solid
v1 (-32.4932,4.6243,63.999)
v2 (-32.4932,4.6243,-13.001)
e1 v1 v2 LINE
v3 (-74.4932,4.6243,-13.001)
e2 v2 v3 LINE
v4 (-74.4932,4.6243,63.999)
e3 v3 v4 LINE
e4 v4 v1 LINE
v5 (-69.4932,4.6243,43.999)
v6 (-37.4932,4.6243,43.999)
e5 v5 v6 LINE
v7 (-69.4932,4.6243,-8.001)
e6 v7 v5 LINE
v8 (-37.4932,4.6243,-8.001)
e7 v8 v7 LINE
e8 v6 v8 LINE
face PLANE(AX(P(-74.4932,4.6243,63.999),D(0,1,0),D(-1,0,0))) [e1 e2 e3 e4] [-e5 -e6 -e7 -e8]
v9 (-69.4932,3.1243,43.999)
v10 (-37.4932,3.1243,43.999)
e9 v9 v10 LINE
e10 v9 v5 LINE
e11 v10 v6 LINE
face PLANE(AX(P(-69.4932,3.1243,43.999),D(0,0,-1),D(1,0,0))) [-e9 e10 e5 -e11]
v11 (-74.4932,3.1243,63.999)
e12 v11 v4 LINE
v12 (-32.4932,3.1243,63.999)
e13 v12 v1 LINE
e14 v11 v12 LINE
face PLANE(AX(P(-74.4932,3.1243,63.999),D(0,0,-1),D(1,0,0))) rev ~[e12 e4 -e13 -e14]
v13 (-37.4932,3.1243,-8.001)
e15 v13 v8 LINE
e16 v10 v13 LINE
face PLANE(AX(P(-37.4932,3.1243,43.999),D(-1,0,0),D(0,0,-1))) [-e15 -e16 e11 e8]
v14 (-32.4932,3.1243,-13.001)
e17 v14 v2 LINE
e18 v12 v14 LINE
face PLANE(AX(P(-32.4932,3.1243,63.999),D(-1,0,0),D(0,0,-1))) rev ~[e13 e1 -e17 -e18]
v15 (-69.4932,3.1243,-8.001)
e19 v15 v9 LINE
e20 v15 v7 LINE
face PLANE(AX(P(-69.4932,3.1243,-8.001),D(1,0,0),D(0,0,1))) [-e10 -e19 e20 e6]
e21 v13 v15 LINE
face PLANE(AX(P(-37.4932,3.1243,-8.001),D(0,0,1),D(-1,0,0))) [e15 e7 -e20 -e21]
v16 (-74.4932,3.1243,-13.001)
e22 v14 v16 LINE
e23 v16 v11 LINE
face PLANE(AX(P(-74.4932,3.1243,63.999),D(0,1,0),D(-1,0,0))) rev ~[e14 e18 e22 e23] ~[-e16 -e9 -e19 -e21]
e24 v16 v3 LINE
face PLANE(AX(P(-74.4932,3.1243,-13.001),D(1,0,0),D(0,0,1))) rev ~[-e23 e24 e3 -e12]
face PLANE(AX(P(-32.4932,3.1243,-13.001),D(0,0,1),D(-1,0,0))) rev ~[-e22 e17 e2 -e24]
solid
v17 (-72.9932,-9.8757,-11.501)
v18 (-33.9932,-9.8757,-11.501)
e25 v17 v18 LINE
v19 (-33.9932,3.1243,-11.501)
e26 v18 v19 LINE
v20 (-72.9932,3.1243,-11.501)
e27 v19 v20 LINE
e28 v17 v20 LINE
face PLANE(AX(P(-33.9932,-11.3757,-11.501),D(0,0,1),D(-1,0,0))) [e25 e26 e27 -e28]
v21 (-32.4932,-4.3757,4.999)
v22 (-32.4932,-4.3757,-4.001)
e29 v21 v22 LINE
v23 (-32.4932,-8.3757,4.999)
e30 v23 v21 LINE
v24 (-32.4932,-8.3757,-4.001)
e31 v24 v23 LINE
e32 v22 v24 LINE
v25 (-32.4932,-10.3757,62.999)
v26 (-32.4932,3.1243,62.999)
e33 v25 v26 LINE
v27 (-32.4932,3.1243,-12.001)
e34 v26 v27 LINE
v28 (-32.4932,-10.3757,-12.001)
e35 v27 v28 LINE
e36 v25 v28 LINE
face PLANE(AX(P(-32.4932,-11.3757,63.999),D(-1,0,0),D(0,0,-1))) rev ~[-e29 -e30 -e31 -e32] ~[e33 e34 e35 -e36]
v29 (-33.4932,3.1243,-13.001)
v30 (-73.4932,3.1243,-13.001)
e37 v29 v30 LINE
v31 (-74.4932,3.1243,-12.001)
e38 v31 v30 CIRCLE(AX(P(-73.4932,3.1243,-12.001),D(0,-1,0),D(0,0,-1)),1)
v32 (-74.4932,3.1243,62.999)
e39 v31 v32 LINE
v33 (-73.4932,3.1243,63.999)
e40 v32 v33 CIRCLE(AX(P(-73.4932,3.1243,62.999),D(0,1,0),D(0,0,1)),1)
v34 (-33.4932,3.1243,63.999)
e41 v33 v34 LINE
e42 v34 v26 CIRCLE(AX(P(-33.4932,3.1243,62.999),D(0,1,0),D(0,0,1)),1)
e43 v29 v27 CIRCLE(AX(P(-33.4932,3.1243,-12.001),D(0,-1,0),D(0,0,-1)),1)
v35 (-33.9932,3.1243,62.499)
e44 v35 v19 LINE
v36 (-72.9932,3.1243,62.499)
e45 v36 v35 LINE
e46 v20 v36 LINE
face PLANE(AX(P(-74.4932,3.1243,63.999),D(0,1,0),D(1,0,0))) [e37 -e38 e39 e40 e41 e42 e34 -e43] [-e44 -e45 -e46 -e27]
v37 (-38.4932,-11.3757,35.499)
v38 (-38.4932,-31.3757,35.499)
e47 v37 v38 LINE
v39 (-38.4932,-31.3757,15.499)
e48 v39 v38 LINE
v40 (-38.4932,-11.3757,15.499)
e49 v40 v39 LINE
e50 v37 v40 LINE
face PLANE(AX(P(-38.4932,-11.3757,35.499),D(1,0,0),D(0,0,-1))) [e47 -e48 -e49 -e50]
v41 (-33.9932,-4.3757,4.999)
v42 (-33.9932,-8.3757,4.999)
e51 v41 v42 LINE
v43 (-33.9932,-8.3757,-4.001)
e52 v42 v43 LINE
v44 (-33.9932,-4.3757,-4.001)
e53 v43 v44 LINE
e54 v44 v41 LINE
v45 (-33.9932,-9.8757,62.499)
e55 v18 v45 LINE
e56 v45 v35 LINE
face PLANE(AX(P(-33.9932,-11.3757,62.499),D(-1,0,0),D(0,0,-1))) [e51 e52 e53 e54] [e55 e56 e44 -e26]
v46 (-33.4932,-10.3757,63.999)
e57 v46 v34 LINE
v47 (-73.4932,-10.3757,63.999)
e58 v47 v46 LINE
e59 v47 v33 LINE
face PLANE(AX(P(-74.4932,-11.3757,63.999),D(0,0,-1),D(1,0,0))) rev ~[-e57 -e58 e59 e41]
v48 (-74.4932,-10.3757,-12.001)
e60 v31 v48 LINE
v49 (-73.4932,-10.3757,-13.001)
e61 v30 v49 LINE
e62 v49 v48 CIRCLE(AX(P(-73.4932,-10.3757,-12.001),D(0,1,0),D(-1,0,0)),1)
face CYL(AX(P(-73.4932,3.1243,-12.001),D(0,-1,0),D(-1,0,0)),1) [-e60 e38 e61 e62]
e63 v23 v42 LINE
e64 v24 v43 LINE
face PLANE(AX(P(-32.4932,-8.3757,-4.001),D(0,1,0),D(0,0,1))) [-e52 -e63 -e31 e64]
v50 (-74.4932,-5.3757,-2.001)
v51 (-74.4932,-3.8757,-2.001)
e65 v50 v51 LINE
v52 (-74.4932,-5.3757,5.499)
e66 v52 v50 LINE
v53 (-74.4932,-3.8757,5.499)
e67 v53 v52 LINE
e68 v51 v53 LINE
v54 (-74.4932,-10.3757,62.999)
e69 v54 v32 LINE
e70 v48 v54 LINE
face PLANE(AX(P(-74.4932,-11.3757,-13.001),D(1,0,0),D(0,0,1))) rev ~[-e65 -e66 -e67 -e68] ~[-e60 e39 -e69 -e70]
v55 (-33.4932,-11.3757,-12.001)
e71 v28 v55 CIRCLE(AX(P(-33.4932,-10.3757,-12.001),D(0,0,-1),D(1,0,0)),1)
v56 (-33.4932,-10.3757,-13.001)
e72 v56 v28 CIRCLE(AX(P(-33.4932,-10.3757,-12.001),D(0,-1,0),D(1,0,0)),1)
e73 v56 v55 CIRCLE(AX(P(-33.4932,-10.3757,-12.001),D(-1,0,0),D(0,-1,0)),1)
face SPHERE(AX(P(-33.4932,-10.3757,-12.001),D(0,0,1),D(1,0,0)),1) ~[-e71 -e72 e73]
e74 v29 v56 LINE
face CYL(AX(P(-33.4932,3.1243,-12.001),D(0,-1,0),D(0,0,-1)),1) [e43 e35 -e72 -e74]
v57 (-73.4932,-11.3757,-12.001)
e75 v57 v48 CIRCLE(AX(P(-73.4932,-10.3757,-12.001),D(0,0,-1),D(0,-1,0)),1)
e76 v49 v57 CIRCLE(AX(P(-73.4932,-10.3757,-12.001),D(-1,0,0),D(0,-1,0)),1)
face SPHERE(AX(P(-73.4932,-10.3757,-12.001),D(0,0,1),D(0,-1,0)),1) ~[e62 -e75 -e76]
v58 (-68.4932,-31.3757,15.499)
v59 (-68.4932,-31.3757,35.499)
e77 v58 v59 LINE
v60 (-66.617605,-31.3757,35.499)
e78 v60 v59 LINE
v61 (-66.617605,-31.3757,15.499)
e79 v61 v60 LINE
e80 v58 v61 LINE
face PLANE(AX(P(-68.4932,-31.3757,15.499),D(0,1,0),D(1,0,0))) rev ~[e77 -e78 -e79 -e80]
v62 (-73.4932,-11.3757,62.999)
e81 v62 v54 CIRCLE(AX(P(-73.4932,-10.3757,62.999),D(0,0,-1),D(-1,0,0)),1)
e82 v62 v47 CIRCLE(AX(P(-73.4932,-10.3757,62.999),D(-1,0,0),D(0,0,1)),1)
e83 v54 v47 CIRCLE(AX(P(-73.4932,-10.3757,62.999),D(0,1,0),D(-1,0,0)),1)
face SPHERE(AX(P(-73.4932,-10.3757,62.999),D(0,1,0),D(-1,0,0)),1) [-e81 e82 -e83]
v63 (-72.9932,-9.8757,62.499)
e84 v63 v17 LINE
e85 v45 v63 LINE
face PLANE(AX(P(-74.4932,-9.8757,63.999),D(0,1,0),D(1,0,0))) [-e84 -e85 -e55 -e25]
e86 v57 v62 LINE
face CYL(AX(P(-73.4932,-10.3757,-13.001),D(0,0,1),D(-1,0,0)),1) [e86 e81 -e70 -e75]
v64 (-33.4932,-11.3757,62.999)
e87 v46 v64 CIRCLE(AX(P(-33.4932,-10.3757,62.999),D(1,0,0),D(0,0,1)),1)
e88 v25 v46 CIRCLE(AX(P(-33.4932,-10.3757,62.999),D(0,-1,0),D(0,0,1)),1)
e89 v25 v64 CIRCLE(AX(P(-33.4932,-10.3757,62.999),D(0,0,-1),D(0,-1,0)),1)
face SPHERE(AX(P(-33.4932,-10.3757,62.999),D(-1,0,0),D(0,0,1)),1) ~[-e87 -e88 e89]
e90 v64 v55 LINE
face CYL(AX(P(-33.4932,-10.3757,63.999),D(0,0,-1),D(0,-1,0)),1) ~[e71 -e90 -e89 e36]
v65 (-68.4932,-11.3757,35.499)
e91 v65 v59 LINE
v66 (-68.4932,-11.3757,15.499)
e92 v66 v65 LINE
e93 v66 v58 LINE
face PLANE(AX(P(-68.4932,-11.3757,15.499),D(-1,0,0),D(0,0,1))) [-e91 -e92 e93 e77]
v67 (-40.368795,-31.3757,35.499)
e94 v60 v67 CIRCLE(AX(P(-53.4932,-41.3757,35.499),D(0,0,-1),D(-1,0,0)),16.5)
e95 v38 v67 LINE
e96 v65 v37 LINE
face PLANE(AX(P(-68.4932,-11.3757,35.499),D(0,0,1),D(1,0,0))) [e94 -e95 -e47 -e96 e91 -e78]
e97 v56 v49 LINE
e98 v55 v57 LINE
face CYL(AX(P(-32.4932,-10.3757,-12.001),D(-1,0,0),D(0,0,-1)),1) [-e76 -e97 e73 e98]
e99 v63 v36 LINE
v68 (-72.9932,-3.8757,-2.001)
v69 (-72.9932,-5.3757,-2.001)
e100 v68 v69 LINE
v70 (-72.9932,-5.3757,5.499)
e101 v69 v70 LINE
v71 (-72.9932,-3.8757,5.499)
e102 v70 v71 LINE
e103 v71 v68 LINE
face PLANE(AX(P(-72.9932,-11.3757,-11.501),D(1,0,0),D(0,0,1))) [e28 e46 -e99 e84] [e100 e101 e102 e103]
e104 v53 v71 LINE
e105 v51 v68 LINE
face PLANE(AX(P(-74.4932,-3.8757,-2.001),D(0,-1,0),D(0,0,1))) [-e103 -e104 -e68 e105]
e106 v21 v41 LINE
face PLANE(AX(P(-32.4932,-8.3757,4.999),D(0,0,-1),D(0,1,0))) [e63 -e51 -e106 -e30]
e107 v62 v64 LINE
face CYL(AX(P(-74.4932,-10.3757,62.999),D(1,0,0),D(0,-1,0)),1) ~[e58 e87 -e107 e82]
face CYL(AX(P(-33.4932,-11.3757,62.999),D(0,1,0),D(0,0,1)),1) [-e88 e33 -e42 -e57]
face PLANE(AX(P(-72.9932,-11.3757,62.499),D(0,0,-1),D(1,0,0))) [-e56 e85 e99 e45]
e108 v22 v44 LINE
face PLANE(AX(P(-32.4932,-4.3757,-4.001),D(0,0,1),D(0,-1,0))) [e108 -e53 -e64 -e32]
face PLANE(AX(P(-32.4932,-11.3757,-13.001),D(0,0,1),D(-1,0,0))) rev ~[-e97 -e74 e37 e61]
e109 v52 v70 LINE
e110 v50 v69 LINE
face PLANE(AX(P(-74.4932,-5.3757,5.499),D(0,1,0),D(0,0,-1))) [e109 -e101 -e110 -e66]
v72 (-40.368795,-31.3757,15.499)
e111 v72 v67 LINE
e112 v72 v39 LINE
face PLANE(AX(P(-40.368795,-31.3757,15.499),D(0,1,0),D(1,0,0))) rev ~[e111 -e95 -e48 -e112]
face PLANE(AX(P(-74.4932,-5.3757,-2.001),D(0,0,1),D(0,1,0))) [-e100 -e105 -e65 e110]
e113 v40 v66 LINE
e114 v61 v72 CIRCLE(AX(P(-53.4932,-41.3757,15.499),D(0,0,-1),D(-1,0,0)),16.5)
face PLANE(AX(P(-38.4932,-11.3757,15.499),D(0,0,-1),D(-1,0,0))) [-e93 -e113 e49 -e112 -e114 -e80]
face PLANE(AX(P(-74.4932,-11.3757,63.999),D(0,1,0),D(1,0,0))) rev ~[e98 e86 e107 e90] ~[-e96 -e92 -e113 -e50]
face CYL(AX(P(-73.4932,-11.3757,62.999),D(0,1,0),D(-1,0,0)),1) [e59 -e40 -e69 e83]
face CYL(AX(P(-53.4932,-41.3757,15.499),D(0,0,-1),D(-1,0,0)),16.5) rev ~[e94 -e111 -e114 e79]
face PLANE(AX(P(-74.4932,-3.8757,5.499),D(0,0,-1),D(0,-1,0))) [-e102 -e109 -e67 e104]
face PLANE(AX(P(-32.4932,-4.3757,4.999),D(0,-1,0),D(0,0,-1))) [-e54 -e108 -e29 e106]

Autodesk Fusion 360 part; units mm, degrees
sketch "草图1" plane through (0, 0, 0) normal (0, 1, 0) x (1, 0, 0)
  line L0 (0, 0) -> (42, 0)
  line L1 (42, 0) -> (42, 77)
  line L2 (42, 77) -> (0, 77)
  line L3 (0, 77) -> (0, 0)
  line L4 (1.5, 1.5) -> (40.5, 1.5)
  line L5 (40.5, 1.5) -> (40.5, 75.5)
  line L6 (40.5, 75.5) -> (1.5, 75.5)
  line L7 (1.5, 75.5) -> (1.5, 1.5)
  line L8 (6, 28.5) -> (36, 28.5)
  line L9 (36, 28.5) -> (36, 48.5)
  line L10 (36, 48.5) -> (6, 48.5)
  line L11 (6, 48.5) -> (6, 28.5)
  dimension "d1" = 42
  dimension "d2" = 77
  dimension "d3" = -1.5
  dimension "d12" = 30
  dimension "d13" = 20
  dimension "d14" = 6
  dimension "d15" = 28.5
extrude "拉伸1" add sketch "草图1" along normal blind 1.5 contours L0 L1 L2 L3 | L4 L5 L6 L7 | L8 L9 L10 L11 makes body 1
extrude "拉伸2" add sketch "草图1" along normal blind 14.5 contours L0 L1 L2 L3 bodies 1
sketch "草图2" plane through (0, 14.5, 0) normal (0, 1, 0) x (-1, 0, 0)
  line L0 (-1.5, -1.5) -> (-1.5, -75.5)
  line L1 (-1.5, -75.5) -> (-40.5, -75.5)
  line L2 (-40.5, -75.5) -> (-40.5, -1.5)
  line L3 (-40.5, -1.5) -> (-1.5, -1.5)
  line L4 (0, -77) -> (0, 0)
  line L5 (0, 0) -> (-42, 0)
  line L6 (-42, 0) -> (-42, -77)
  line L7 (-42, -77) -> (0, -77)
  line L8 (0, 0) -> (-42, 0)
  line L9 (-42, 0) -> (-42, -77)
  line L10 (-42, -77) -> (0, -77)
  line L11 (0, -77) -> (0, 0)
  line L12 (-37, -20) -> (-37, -72)
  line L13 (-37, -72) -> (-5, -72)
  line L14 (-5, -72) -> (-5, -20)
  line L15 (-5, -20) -> (-37, -20)
extrude "拉伸3" add sketch "草图2" along normal blind 1.5 separate body contours L0 L1 L2 L3 | L4 L5 L6 L7 L8 L9 L10 L11 makes body 2
copy_body "实体->零部件1" bodies 2 removing the originals makes body 3 in component "Component'"
extrude "拉伸4" add sketch "草图1" against normal blind 30 contours L8 L9 L10 L11 bodies 1
sketch "草图3" plane through (0, 0, -48.5) normal (0, 0, -1) x (-1, 0, 0)
  line L0 (-6, 0) -> (-36, 0)
  line L1 (-36, 0) -> (-36, -30)
  line L2 (-36, -30) -> (-6, -30)
  line L3 (-6, -30) -> (-6, 0)
  circle A0 centre (-21, -30) radius 16.5
  line L4 (-6, -20) -> (-36, -20)
  line L5 (-42, 0) -> (0, 0)
  dimension "d18" = 33
  dimension "d19" = 20
extrude "拉伸5" cut sketch "草图3" against normal blind 40 contours L3 A0 L4 | L1 A0 L4 | L1 L2 L3 A0 L4 | A0 L4 bodies 1
sketch "草图4" plane through (42, 0, 0) normal (1, 0, 0) x (0, 0, -1)
  line L0 (0, 0) -> (77, 0)
  line L1 (77, 0) -> (77, 14.5)
  line L2 (77, 14.5) -> (0, 14.5)
  line L3 (0, 14.5) -> (0, 0)
  line L4 (68, 3) -> (59, 3)
  line L5 (59, 3) -> (59, 7)
  line L6 (59, 7) -> (68, 7)
  line L7 (68, 7) -> (68, 3)
  line L8 (0, 0) -> (77, 0)
  dimension "d22" = 9
  dimension "d23" = 4
  dimension "d24" = 3
  dimension "d25" = 9
extrude "拉伸6" cut sketch "草图4" against normal blind 10 contours L4 L5 L6 L7 bodies 1
sketch "草图5" plane through (0, 0, 0) normal (-1, 0, 0) x (0, 0, 1)
  line L0 (-77, 0) -> (0, 0)
  line L1 (0, 0) -> (0, 14.5)
  line L2 (0, 14.5) -> (-77, 14.5)
  line L3 (-77, 14.5) -> (-77, 0)
  line L4 (-58.5, 6) -> (-66, 6)
  line L5 (-66, 6) -> (-66, 7.5)
  line L6 (-66, 7.5) -> (-58.5, 7.5)
  line L7 (-58.5, 7.5) -> (-58.5, 6)
  line L8 (-77, 0) -> (0, 0)
  dimension "d28" = 7.5
  dimension "d29" = 1.5
  dimension "d30" = 11
  dimension "d31" = 6
extrude "拉伸7" cut sketch "草图5" against normal blind 4 contours L4 L5 L6 L7 bodies 1
fillet "圆角1" radius 1 8 edges at (0, 7.25, 0) (0, 0, -38.5) (21, 0, 0) (42, 7.25, 0) (42, 0, -38.5) (42, 7.25, -77) (21, 0, -77) (0, 7.25, -77) on bodies 1
copy_body "实体->零部件2" bodies 1 removing the originals makes body 4 in component "Component''"
component "Component'" placed x (1, 0, 0) y (0, 1, 0) z (0, 0, 1) at (-74.4932, -11.3757, 63.999)
component "Component''" placed x (1, 0, 0) y (0, 1, 0) z (0, 0, 1) at (-74.4932, -11.3757, 63.999)
